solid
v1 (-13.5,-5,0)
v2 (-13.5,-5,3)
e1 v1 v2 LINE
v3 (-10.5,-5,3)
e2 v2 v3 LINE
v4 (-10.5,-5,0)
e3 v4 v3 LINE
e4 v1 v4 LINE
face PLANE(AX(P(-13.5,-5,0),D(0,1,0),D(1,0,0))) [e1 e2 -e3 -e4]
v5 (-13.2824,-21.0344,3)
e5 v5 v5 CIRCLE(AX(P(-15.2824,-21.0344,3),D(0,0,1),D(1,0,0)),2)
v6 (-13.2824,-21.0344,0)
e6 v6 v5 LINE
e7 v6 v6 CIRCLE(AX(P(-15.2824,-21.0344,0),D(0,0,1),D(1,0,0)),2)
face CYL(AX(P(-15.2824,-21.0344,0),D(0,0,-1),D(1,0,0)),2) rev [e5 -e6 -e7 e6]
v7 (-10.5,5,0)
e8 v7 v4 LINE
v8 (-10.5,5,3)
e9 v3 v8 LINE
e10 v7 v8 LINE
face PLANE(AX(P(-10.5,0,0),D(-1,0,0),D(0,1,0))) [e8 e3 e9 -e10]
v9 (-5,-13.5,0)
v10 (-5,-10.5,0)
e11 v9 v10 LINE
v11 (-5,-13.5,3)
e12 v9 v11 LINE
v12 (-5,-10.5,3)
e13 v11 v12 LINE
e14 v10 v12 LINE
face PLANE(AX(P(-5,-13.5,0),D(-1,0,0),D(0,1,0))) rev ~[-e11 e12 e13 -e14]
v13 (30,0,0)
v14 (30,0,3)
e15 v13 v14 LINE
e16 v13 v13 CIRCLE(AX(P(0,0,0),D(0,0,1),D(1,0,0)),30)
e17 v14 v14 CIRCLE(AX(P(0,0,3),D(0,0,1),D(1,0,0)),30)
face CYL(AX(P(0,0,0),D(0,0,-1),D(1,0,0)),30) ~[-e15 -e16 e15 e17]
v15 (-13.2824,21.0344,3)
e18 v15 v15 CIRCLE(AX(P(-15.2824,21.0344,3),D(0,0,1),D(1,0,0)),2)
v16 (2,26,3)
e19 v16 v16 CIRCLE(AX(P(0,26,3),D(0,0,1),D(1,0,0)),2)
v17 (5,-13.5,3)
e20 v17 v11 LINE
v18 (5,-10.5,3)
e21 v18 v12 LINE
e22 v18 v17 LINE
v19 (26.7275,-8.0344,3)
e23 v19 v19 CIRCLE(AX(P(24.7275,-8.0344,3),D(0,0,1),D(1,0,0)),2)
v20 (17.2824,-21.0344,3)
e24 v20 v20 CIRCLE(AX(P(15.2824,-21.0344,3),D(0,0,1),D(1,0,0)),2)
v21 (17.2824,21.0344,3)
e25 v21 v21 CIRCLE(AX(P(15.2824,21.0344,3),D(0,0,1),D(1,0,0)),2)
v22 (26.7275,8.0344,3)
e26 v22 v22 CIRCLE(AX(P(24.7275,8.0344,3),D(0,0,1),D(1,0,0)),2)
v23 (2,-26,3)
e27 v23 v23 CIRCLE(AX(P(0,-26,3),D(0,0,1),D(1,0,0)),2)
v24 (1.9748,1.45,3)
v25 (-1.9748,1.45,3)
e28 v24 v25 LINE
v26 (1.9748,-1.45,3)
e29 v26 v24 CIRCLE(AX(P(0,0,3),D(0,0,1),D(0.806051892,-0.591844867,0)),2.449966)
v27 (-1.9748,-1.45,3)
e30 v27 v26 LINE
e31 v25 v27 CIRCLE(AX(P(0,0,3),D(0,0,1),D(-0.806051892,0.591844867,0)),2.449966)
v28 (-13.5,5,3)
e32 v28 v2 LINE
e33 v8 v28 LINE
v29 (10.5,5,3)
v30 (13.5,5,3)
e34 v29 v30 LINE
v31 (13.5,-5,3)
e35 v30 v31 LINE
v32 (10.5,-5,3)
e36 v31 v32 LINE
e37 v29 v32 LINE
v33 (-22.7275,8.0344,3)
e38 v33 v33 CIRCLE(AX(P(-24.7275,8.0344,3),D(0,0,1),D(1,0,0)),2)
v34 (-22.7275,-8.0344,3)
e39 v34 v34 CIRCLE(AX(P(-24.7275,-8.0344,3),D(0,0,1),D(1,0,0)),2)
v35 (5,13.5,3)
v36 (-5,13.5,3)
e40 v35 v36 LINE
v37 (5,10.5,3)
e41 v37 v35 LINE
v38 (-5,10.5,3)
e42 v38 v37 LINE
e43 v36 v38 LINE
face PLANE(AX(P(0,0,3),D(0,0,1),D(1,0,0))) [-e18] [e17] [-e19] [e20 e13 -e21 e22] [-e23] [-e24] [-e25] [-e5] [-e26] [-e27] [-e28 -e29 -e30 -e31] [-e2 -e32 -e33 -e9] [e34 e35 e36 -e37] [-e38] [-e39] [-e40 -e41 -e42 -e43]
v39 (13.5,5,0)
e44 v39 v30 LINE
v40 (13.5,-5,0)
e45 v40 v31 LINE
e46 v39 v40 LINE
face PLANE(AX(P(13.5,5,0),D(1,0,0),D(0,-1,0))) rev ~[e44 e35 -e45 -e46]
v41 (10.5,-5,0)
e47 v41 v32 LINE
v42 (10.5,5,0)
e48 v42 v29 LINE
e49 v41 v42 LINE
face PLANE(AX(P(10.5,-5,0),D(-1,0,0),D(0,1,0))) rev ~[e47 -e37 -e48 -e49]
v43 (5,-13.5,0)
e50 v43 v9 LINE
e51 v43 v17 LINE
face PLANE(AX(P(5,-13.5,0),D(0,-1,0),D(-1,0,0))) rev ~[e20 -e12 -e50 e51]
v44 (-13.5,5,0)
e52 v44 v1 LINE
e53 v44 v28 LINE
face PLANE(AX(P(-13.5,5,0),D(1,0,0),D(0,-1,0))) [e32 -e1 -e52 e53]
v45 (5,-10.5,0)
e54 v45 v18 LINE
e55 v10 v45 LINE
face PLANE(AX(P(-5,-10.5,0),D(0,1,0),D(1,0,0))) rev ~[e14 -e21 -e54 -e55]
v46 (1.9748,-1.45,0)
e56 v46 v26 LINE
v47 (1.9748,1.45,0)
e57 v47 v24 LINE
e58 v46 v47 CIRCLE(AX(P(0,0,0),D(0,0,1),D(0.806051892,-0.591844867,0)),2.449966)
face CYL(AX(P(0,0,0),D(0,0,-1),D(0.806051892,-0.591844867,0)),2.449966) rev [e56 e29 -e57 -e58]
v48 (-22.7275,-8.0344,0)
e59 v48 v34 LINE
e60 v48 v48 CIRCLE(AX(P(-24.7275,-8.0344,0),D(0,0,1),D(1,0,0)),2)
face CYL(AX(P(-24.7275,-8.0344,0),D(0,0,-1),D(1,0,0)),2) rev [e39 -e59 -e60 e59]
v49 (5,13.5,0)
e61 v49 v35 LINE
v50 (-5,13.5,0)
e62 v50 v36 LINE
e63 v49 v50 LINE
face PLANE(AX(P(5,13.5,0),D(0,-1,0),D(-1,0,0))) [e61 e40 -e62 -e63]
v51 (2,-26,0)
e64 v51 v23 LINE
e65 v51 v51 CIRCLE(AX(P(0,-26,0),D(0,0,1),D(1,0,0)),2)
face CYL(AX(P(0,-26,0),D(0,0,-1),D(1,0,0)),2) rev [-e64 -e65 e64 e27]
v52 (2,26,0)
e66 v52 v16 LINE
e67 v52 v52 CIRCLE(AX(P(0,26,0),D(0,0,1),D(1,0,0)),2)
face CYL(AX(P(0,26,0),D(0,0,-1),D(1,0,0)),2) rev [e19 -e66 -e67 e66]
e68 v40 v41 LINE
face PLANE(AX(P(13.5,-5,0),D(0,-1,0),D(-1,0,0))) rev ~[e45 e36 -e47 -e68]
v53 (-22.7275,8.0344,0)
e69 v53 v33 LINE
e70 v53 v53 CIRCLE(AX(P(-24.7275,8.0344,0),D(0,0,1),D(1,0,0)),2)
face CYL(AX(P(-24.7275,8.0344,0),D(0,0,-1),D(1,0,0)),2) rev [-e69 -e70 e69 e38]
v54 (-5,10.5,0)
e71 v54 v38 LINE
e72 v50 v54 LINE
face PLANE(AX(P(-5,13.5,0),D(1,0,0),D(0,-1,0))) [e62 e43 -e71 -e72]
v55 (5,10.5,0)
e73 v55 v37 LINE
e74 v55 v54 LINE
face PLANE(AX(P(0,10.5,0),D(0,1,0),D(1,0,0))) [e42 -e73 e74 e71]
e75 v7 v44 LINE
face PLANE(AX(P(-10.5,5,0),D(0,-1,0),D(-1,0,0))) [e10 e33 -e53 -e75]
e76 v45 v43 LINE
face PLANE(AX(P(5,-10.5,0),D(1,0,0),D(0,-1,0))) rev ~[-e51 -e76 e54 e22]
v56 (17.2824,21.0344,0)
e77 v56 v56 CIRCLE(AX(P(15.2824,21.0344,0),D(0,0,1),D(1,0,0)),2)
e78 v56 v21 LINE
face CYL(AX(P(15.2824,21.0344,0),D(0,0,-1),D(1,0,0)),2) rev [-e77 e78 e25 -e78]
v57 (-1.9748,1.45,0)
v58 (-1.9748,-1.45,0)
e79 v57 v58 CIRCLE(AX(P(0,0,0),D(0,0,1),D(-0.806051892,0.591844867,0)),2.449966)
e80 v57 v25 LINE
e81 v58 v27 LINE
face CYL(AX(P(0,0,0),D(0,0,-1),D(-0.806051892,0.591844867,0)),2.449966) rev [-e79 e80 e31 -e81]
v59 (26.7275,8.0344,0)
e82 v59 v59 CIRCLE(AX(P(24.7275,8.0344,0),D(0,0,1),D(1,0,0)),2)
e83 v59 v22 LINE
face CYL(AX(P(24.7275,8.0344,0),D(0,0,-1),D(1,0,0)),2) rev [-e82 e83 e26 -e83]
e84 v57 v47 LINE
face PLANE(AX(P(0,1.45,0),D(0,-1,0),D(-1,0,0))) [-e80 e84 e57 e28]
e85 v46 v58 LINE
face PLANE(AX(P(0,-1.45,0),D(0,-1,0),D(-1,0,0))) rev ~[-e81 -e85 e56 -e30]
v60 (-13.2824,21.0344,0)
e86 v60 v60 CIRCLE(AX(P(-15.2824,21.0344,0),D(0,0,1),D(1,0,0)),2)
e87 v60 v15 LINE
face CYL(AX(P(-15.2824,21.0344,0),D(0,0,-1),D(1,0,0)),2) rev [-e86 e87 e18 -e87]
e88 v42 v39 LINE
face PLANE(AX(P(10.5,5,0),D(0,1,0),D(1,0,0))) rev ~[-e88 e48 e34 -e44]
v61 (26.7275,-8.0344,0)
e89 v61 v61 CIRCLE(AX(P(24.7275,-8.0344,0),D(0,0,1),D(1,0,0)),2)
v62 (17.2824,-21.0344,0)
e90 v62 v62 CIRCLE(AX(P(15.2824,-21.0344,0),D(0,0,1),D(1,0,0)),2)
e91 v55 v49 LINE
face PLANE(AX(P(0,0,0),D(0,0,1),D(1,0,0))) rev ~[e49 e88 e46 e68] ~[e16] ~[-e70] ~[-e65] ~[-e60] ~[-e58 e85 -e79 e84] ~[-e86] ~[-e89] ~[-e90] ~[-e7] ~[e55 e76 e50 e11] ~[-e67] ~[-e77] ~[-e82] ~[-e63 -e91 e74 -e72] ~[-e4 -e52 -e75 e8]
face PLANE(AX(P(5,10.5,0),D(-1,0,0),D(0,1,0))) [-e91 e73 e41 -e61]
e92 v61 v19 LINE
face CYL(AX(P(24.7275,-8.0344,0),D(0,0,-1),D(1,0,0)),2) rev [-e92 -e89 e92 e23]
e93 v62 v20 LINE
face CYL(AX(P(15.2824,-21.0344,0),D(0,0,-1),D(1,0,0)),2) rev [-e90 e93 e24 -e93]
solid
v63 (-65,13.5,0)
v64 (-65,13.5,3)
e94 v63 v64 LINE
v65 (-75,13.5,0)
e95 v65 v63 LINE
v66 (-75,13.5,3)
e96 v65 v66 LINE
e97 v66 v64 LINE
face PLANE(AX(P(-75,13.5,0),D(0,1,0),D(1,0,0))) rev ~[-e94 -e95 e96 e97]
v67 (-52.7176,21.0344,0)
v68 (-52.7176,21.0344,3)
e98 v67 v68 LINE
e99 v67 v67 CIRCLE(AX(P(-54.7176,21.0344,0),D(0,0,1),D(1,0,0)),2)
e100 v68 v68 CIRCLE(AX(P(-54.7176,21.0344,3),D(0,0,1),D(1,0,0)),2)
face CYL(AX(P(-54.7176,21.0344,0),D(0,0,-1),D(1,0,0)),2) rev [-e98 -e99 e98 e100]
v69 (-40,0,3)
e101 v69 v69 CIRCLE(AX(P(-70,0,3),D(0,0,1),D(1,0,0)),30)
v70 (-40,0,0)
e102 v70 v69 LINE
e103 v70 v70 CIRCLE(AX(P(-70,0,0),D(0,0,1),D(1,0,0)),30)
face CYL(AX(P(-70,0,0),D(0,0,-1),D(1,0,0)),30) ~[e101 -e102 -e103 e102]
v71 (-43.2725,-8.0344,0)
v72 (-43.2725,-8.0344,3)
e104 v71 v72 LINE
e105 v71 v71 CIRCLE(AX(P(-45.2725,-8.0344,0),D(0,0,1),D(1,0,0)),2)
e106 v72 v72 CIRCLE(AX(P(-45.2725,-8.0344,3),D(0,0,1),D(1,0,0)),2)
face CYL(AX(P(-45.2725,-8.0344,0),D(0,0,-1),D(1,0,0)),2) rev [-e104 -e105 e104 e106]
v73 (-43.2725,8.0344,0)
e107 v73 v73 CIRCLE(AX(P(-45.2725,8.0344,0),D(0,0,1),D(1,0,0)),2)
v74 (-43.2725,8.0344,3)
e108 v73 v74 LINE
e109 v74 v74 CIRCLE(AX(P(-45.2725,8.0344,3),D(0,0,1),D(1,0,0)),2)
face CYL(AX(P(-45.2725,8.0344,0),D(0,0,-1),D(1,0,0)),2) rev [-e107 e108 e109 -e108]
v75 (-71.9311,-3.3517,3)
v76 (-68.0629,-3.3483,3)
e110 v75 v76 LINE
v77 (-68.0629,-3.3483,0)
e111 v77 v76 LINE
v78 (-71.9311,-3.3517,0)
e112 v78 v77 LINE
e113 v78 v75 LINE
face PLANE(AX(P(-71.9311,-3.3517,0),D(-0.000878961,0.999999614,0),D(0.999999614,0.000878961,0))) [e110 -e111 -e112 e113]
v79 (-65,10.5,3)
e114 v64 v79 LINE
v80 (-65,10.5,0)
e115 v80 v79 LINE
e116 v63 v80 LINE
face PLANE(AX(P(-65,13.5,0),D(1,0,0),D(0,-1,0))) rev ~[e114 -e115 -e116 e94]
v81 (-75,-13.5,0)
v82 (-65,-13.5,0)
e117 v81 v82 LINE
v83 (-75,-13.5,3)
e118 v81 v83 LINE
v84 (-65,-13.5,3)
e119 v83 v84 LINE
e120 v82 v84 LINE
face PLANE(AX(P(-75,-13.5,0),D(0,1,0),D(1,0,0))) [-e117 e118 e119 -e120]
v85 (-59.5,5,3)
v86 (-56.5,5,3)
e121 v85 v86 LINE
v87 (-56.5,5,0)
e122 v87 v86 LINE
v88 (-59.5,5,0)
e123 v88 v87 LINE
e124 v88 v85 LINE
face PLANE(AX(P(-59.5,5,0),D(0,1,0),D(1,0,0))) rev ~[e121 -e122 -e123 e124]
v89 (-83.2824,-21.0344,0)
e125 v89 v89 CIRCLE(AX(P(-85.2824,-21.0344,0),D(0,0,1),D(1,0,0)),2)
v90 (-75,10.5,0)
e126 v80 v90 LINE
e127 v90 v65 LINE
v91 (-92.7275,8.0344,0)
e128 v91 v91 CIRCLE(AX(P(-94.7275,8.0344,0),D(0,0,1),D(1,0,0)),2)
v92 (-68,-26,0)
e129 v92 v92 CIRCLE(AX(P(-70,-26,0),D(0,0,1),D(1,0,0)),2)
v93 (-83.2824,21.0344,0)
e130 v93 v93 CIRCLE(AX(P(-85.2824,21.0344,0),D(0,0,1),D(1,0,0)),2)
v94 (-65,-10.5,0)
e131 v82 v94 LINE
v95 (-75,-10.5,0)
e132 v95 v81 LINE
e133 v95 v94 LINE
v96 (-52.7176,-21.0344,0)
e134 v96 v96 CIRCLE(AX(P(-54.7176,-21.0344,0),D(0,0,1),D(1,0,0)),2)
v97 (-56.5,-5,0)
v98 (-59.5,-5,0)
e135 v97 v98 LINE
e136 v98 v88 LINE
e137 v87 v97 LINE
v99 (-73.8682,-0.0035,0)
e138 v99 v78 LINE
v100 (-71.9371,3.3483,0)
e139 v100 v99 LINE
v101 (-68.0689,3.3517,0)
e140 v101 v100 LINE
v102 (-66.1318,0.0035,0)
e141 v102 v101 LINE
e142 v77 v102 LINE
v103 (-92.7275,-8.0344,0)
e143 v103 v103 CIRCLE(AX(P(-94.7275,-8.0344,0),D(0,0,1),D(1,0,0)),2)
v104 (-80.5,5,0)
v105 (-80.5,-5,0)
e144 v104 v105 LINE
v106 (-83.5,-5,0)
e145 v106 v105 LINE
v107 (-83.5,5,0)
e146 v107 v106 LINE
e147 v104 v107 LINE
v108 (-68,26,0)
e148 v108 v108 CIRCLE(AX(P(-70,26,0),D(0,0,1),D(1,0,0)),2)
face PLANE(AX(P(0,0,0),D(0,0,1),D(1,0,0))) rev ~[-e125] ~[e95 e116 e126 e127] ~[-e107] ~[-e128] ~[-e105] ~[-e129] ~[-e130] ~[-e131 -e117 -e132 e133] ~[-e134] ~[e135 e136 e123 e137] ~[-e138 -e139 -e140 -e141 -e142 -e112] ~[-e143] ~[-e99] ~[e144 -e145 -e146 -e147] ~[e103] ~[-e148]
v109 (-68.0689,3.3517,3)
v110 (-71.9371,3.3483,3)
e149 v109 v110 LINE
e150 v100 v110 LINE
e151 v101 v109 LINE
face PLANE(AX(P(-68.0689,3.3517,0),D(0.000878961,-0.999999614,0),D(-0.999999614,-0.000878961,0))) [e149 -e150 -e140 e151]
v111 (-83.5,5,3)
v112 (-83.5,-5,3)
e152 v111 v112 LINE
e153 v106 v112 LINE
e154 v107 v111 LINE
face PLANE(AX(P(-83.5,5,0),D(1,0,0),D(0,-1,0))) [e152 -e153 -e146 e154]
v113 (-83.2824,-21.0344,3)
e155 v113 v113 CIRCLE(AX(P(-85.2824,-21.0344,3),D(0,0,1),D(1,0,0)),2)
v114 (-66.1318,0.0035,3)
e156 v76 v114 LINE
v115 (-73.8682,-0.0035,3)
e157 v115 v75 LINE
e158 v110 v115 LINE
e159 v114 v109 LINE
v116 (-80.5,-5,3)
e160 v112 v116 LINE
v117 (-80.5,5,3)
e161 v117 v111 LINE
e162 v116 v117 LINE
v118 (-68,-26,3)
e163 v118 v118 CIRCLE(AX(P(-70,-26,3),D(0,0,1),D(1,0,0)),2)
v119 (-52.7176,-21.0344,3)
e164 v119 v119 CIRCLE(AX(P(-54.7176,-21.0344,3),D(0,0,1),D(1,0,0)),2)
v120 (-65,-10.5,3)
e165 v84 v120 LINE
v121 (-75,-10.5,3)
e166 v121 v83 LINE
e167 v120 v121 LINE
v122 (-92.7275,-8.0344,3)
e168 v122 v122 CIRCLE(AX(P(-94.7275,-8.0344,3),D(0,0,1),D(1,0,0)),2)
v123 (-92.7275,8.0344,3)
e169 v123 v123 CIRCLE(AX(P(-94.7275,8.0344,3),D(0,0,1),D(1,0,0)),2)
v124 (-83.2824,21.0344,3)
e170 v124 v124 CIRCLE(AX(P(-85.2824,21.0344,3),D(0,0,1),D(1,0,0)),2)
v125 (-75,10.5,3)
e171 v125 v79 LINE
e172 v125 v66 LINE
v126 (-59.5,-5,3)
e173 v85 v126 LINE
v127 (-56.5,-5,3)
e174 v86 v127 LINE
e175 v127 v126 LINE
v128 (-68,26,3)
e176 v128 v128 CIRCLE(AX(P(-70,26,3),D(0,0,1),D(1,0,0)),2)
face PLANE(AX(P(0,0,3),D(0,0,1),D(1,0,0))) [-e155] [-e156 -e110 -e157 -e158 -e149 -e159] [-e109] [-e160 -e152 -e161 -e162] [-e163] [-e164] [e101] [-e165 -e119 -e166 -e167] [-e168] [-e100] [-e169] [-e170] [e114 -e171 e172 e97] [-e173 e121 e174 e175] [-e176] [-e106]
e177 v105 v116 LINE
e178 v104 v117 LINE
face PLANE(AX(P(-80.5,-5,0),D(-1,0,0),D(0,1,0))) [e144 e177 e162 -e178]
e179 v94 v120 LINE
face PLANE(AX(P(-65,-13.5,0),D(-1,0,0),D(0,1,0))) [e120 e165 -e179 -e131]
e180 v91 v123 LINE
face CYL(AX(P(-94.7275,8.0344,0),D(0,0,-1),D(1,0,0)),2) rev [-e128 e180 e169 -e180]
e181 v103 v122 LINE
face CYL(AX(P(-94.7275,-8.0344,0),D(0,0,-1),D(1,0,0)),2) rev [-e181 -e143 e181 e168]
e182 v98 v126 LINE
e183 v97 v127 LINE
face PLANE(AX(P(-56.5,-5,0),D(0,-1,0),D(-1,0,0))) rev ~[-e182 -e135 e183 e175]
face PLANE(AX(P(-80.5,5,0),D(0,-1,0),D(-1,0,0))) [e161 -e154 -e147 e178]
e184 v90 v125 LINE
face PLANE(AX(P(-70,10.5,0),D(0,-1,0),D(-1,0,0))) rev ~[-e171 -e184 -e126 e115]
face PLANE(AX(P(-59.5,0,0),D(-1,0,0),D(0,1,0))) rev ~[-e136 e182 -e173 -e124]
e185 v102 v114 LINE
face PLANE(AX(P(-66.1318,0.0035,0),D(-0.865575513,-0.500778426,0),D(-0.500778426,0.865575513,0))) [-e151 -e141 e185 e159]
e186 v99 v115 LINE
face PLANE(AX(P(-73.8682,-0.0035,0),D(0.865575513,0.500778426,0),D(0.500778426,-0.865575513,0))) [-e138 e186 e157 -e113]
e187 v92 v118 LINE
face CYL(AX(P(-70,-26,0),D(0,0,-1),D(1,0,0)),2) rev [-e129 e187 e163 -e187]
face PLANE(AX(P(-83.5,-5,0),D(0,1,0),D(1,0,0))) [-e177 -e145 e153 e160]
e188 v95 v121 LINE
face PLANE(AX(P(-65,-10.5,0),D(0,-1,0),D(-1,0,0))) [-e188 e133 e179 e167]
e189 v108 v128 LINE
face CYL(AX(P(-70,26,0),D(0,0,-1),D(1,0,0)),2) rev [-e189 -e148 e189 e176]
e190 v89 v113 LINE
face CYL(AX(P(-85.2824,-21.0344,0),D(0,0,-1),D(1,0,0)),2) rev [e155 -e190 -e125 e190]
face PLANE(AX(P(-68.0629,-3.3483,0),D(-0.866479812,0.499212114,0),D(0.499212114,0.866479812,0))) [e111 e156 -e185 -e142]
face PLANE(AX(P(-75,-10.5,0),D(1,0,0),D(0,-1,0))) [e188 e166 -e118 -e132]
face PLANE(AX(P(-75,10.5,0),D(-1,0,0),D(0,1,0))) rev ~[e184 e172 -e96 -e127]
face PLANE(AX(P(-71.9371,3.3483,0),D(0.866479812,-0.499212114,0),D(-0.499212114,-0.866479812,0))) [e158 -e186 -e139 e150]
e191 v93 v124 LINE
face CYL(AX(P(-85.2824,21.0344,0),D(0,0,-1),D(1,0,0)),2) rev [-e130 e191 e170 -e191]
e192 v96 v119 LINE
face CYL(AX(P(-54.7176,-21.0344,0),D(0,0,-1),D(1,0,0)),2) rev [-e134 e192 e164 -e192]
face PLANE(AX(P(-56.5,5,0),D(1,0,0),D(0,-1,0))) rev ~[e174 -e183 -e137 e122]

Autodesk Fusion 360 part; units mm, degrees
sketch "Sketch1" plane through (0, 0, 0) normal (0, 0, 1) x (1, 0, 0)
  line L0 (0, 10.5) -> (5, 10.5)
  line L1 (5, 10.5) -> (5, 13.5)
  line L2 (5, 13.5) -> (-5, 13.5)
  line L3 (-5, 13.5) -> (-5, 10.5)
  line L4 (-5, 10.5) -> (0, 10.5)
  line L5 (10.5, 0) -> (10.5, 5)
  line L6 (10.5, 5) -> (13.5, 5)
  line L7 (13.5, 5) -> (13.5, -5)
  line L8 (13.5, -5) -> (10.5, -5)
  line L9 (10.5, -5) -> (10.5, 0)
  line L10 (0, -10.5) -> (5, -10.5)
  line L11 (5, -10.5) -> (5, -13.5)
  line L12 (5, -13.5) -> (-5, -13.5)
  line L13 (-5, -13.5) -> (-5, -10.5)
  line L14 (-5, -10.5) -> (0, -10.5)
  line L15 (-10.5, 0) -> (-10.5, 5)
  line L16 (-10.5, 5) -> (-13.5, 5)
  line L17 (-13.5, 5) -> (-13.5, -5)
  line L18 (-13.5, -5) -> (-10.5, -5)
  line L19 (-10.5, -5) -> (-10.5, 0)
  line L20 (0, 0) -> (0, 1.45)
  line L21 (0, 0) -> (0, -1.45)
  line L22 (0, -1.45) -> (-1.9748, -1.45)
  line L23 (1.9748, -1.45) -> (0, -1.45)
  line L24 (1.9748, 1.45) -> (-1.9748, 1.45)
  arc A0 (-1.9748, 1.45) -> (-1.9748, -1.45) centre (0, 0) ccw
  arc A1 (1.9748, -1.45) -> (1.9748, 1.45) centre (0, 0) ccw
  circle A2 centre (0, 0) radius 30
  circle A3 centre (0, 26) radius 2
  circle A4 centre (-15.2824, 21.0344) radius 2
  circle A5 centre (-24.7275, 8.0344) radius 2
  circle A6 centre (-24.7275, -8.0344) radius 2
  circle A7 centre (-15.2824, -21.0344) radius 2
  circle A8 centre (0, -26) radius 2
  circle A9 centre (15.2824, -21.0344) radius 2
  circle A10 centre (24.7275, -8.0344) radius 2
  circle A11 centre (24.7275, 8.0344) radius 2
  circle A12 centre (15.2824, 21.0344) radius 2
  line L25 (-80.5, -5) -> (-80.5, 0)
  circle A13 centre (-70, -26) radius 2
  line L26 (-80.5, 5) -> (-83.5, 5)
  line L27 (-75, -13.5) -> (-65, -13.5)
  circle A14 centre (-54.7176, -21.0344) radius 2
  line L28 (-75, -10.5) -> (-75, -13.5)
  circle A15 centre (-70, 26) radius 2
  circle A16 centre (-70, 0) radius 30
  circle A17 centre (-85.2824, 21.0344) radius 2
  line L29 (-83.5, -5) -> (-80.5, -5)
  circle A18 centre (-85.2824, -21.0344) radius 2
  line L30 (-56.5, -5) -> (-59.5, -5)
  line L31 (-56.5, 5) -> (-56.5, -5)
  line L32 (-75, 10.5) -> (-75, 13.5)
  line L33 (-70, -10.5) -> (-75, -10.5)
  line L34 (-70, 10.5) -> (-75, 10.5)
  circle A19 centre (-94.7275, -8.0344) radius 2
  line L35 (-80.5, 0) -> (-80.5, 5)
  circle A20 centre (-94.7275, 8.0344) radius 2
  line L36 (-83.5, 5) -> (-83.5, -5)
  line L37 (-75, 13.5) -> (-65, 13.5)
  line L38 (-65, 13.5) -> (-65, 10.5)
  circle A21 centre (-45.2725, 8.0344) radius 2
  line L39 (-65, -10.5) -> (-70, -10.5)
  circle A22 centre (-54.7176, 21.0344) radius 2
  line L40 (-59.5, 5) -> (-56.5, 5)
  line L41 (-65, 10.5) -> (-70, 10.5)
  line L42 (-65, -13.5) -> (-65, -10.5)
  circle A23 centre (-45.2725, -8.0344) radius 2
  line L43 (-59.5, -5) -> (-59.5, 0)
  line L44 (-59.5, 0) -> (-59.5, 5)
  line L45 (-71.9371, 3.3483) -> (-73.8682, -0.0035)
  line L46 (-73.8682, -0.0035) -> (-71.9311, -3.3517)
  line L47 (-71.9311, -3.3517) -> (-68.0629, -3.3483)
  line L48 (-68.0629, -3.3483) -> (-66.1318, 0.0035)
  line L49 (-66.1318, 0.0035) -> (-68.0689, 3.3517)
  line L50 (-68.0689, 3.3517) -> (-71.9371, 3.3483)
  point P0 (-70, 0)
  dimension "d4" = 10.5
  dimension "d5" = 5
  dimension "d6" = 3
  dimension "d7" = 10
  dimension "d8" = 3
  dimension "d9" = 10.5
  dimension "d10" = 5
  dimension "d11" = 3
  dimension "d12" = 10
  dimension "d13" = 3
  dimension "d14" = 10.5
  dimension "d15" = 5
  dimension "d16" = 3
  dimension "d17" = 10
  dimension "d18" = 3
  dimension "d19" = 10.5
  dimension "d20" = 5
  dimension "d21" = 3
  dimension "d22" = 10
  dimension "d23" = 3
  dimension "d37" = 4.9
  dimension "d38" = 1.45
  dimension "d39" = 1.45
  dimension "d42" = 60
  dimension "d44" = 4
  dimension "d46" = 360
  dimension "d47" = 3.35
sketch "Sketch2" plane through (0, 0, 0) normal (0, 0, 1) x (1, 0, 0)
sketch "Sketch3" plane through (0, 0, 0) normal (0, 0, 1) x (1, 0, 0)
extrude "Extrude1" add sketch "Sketch1" along normal blind 3 makes body 1 at (-81.0172, -12.5576, 0) makes body 2 at (-11.0172, -12.5576, 0)
